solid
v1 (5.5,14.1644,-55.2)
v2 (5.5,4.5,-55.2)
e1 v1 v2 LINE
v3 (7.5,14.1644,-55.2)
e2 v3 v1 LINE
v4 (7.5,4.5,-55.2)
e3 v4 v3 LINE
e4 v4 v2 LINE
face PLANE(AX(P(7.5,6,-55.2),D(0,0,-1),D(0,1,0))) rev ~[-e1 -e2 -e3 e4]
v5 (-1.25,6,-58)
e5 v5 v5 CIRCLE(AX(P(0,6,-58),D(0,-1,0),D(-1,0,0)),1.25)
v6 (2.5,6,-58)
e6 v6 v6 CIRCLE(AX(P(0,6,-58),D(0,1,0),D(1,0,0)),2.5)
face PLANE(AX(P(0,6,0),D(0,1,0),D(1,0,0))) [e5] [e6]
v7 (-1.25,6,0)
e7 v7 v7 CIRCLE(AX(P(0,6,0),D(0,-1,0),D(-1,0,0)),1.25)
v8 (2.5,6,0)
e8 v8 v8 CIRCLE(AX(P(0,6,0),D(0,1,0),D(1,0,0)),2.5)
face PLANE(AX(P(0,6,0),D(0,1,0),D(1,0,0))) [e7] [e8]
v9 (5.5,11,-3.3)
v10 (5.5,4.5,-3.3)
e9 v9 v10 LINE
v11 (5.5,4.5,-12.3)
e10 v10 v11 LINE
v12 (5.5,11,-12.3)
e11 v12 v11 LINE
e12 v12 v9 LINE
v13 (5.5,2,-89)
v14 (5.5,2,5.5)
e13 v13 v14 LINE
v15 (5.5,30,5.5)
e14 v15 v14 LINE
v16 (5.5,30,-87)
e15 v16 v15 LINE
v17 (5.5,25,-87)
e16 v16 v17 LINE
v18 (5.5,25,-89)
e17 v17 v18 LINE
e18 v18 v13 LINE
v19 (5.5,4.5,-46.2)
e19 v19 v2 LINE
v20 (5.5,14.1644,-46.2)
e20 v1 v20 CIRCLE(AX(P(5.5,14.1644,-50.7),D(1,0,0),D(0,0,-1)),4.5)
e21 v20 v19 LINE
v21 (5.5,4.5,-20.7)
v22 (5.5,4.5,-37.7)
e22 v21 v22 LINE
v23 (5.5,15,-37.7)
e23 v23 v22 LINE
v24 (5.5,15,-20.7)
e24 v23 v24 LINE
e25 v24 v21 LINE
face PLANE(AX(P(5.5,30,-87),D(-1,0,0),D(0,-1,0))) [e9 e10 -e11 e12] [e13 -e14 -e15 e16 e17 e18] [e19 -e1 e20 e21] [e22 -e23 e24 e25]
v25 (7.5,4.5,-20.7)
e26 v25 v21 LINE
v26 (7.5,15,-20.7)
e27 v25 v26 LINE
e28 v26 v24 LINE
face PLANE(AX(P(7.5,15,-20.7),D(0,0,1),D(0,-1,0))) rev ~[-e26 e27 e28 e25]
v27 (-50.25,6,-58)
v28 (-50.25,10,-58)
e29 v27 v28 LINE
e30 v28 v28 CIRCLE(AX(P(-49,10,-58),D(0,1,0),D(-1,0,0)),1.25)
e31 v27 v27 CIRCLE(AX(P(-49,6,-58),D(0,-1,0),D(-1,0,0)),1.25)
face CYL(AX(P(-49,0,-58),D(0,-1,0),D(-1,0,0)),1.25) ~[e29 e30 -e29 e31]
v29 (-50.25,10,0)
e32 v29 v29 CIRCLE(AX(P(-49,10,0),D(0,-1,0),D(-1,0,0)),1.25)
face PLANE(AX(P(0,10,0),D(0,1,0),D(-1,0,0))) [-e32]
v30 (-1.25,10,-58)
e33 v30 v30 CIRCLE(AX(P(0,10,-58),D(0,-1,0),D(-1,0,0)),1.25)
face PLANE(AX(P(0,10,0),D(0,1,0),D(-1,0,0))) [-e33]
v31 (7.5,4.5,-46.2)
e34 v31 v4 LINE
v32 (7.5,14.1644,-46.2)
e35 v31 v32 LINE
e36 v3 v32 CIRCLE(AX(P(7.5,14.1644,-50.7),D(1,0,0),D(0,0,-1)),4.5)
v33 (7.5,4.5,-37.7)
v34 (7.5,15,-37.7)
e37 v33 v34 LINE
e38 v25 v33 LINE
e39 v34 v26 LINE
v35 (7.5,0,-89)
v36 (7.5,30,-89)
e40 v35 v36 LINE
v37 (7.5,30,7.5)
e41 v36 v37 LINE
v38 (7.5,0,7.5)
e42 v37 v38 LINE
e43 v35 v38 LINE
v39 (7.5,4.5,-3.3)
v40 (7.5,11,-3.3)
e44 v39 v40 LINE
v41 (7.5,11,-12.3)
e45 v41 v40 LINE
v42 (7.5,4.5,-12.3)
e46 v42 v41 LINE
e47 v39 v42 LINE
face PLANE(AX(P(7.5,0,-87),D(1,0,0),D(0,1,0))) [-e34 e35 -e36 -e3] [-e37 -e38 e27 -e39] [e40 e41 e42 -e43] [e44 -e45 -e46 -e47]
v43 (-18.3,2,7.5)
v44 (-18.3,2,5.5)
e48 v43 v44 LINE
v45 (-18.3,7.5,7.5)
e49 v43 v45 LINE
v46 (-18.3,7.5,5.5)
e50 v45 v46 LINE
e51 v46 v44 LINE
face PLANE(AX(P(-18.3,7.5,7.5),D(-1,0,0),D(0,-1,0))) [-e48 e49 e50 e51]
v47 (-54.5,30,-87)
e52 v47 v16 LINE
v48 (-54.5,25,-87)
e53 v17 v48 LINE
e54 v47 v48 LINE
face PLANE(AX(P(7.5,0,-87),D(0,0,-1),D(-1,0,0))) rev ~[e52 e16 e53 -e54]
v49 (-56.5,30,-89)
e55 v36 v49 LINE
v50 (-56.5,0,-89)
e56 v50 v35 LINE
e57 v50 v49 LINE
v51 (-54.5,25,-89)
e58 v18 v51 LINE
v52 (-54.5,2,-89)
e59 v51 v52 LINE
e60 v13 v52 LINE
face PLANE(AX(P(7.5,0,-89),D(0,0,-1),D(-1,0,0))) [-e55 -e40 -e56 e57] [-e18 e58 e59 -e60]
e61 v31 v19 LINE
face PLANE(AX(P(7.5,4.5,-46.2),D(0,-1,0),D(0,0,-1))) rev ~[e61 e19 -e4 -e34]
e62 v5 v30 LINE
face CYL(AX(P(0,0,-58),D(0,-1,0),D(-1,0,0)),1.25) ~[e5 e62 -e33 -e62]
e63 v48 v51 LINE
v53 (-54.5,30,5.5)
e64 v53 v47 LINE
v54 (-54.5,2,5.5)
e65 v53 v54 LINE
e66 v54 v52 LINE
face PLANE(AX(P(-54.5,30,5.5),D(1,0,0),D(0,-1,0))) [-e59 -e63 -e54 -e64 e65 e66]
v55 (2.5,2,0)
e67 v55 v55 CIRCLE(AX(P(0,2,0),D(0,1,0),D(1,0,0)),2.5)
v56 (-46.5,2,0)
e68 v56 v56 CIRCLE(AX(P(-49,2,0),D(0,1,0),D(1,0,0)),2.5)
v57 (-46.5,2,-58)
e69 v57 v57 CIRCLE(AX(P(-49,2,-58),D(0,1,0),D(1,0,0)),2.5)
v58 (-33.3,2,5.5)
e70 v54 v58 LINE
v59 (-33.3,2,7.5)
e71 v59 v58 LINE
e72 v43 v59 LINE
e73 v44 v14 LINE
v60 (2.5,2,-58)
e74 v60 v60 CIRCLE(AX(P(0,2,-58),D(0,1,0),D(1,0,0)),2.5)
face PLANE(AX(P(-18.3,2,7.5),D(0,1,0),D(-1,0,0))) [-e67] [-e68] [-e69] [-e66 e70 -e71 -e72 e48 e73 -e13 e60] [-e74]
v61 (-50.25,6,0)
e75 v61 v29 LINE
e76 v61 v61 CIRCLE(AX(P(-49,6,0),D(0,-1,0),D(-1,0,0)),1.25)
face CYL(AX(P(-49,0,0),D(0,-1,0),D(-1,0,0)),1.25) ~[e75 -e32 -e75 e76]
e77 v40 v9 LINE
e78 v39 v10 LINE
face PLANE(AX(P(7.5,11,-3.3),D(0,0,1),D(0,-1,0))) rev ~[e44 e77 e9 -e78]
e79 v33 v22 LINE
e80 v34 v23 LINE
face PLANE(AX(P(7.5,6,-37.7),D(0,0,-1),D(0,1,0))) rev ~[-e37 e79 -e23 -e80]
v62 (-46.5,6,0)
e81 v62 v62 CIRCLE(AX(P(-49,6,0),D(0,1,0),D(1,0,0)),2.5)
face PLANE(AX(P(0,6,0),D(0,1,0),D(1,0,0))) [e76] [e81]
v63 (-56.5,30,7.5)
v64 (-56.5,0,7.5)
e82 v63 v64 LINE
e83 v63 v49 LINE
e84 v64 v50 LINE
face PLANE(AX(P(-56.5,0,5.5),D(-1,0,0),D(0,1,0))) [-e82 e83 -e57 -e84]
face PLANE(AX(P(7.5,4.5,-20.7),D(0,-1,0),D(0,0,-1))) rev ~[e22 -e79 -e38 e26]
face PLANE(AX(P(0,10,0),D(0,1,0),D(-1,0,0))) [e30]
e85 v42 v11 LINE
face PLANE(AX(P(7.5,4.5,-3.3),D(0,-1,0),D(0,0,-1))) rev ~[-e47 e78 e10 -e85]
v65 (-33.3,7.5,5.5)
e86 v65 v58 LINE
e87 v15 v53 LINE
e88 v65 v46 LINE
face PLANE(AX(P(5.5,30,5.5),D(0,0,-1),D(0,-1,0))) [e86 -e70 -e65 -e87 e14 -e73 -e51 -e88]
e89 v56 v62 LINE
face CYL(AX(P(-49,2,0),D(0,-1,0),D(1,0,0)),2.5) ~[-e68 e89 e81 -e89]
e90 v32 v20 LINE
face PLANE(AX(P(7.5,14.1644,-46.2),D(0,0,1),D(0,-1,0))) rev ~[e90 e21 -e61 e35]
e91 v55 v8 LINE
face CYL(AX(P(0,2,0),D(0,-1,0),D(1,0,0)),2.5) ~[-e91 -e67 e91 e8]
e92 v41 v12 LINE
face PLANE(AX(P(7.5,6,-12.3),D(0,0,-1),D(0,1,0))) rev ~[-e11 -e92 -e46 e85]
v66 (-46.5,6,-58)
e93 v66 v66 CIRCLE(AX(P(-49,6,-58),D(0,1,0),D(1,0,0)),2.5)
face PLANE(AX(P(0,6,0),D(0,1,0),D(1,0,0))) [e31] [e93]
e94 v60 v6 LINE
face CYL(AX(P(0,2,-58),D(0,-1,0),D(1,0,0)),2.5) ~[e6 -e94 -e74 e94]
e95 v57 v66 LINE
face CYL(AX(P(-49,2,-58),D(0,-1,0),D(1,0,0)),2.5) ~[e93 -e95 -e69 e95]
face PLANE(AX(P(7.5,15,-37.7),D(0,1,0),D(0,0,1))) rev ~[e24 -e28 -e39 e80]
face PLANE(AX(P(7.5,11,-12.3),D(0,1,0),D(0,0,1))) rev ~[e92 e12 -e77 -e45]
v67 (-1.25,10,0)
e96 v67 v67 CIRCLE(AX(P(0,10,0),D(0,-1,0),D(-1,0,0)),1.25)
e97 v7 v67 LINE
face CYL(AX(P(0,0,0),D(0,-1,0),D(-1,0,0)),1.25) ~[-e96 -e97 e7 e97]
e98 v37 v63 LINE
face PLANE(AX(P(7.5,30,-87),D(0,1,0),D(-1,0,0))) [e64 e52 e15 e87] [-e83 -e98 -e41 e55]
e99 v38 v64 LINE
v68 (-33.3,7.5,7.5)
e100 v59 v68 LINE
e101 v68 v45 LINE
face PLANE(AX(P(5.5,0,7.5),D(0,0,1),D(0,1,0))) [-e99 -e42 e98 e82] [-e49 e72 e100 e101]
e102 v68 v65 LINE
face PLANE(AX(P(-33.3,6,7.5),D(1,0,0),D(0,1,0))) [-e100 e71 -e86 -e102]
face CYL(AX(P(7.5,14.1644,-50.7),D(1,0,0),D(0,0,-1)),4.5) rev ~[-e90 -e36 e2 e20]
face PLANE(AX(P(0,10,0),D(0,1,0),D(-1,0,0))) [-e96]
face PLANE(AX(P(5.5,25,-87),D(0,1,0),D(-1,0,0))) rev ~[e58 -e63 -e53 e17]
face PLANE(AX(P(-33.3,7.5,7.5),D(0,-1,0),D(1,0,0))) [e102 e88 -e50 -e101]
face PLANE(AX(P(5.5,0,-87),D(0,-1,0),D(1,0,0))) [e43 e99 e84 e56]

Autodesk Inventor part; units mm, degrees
sketch "Sketch1" plane through (0, 0, 0) normal (0, 1, 0) x (-1, 0, 0)
  point P0 (0, 0)
sketch "Sketch2" plane through (0, 0, 0) normal (0, 1, 0) x (-1, 0, 0)
  circle A0 centre (0, 0) radius 1.25
  line L0 (60.55, 0) -> (-11.55, 0) projected
  line L1 (0, -71.35) -> (0, 13.35) projected
  circle A1 centre (49, 0) radius 1.25
  circle A2 centre (0, -58) radius 1.25
  circle A3 centre (49, -58) radius 1.25
  dimension "d0" = 2.5
  dimension "d3" = 49
  dimension "d6" = 58
extrude "Extrusion1" add sketch "Sketch2" along normal blind 10
sketch "Sketch3" plane through (0, 0, 0) normal (0, 1, 0) x (-1, 0, 0)
  line L0 (52.5, 3.5) -> (-3.5, 3.5)
  line L1 (-3.5, 3.5) -> (-3.5, -85)
  line L2 (-3.5, -85) -> (52.5, -85)
  line L3 (52.5, -85) -> (52.5, 3.5)
  circle A0 centre (49, 0) radius 1.25 projected
  circle A1 centre (49, -58) radius 1.25 projected
  circle A2 centre (0, 0) radius 1.25 projected
  circle A3 centre (0, -58) radius 1.25 projected
  line L4 (54.5, 5.5) -> (-5.5, 5.5)
  line L5 (-5.5, 5.5) -> (-5.5, -87)
  line L6 (-5.5, -87) -> (54.5, -87)
  line L7 (54.5, -87) -> (54.5, 5.5)
  dimension "d11" = 3.5
  dimension "d12" = 27
  dimension "d13" = 3.5
  dimension "d14" = 3.5
  dimension "d15" = 2
extrude "Extrusion2" add sketch "Sketch3" along normal blind 2 contours L3 L2 L1 L0 | L7 L6 L5 L4
sketch "Sketch5" plane through (0, 0, 0) normal (0, 0, 1) x (1, 0, 0)
  line L0 (-54.5, 0) -> (5.5, 0) projected
  line L1 (5.5, 0) -> (5.5, 2) projected
  line L2 (-54.5, 2) -> (5.5, 2) projected
  line L3 (-54.5, 0) -> (-54.5, 2) projected
  line L4 (5.5, 0) -> (7.5, 0)
  line L5 (7.5, 0) -> (7.5, 30)
  line L6 (7.5, 30) -> (5.5, 30)
  line L7 (5.5, 30) -> (5.5, 0)
  point P0 (0, 0)
  dimension "d18" = 2
  dimension "d19" = 30
sketch3d "3D Sketch1"
sketch3d "3D Sketch2"
  line L0 (5.5, 2, -87) -> (5.5, 2, 5.5)
  line L1 (5.5, 2, 5.5) -> (-54.5, 2, 5.5)
  line L2 (-54.5, 2, 5.5) -> (-54.5, 2, -87)
sweep "Sweep2" add profiles "Sketch5" path "3D Sketch2" contours L1 L7 L6 L5 L4
sketch "Sketch6" plane through (7.5, 0, -87) normal (0, 0, -1) x (-1, 0, 0)
  line L0 (2, 30) -> (62, 30)
  line L1 (2, 30) -> (2, 2) projected
  line L2 (2, 25) -> (62, 25)
  line L3 (62, 30) -> (62, 2) projected
  line L4 (2, 25) -> (2, 2)
  line L5 (2, 2) -> (62, 2)
  line L6 (2, 2) -> (62, 2) projected
  line L7 (62, 25) -> (62, 2)
  line L8 (0, 0) -> (0, 30) projected
  line L9 (0, 30) -> (2, 30) projected
  line L10 (64, 0) -> (0, 0) projected
  line L11 (64, 0) -> (64, 30) projected
  line L12 (64, 30) -> (62, 30) projected
  point P0 (7.5, 0)
  dimension "d25" = 5
extrude "Extrusion3" add sketch "Sketch6" along normal blind 2 contours L0 L3 L2 L1 | L1 L5 L3 L12 L11 L10 L8 L9
sketch "Sketch8" plane through (-56.5, 30, 7.5) normal (0, 0, 1) x (1, 0, 0)
  line L0 (64, -30) -> (0, -30) projected
  line L1 (0, -30) -> (0, 0) projected
  line L2 (64, -30) -> (64, 0) projected
  point P0 (56.5, -30)
  point P1 (20, -30)
sketch "Sketch9" plane through (0, 2, 0) normal (0, 1, 0) x (1, 0, 0)
  circle A0 centre (0, 0) radius 1.25 projected
  circle A1 centre (0, 0) radius 1.25 projected
  circle A2 centre (-49, 0) radius 1.25 projected
  circle A3 centre (-49, 0) radius 1.25 projected
  circle A4 centre (-49, 58) radius 1.25 projected
  circle A5 centre (-49, 58) radius 1.25 projected
  circle A6 centre (0, 58) radius 1.25 projected
  circle A7 centre (0, 58) radius 1.25 projected
  circle A8 centre (0, 58) radius 1.25 projected
  circle A9 centre (0, 0) radius 2.5
  circle A10 centre (-49, 0) radius 1.25 projected
  circle A11 centre (-49, 0) radius 2.5
  circle A12 centre (0, 58) radius 2.5
  circle A13 centre (-49, 58) radius 2.5
  dimension "d44" = 5
  dimension "d45" = 5
  dimension "d46" = 5
  dimension "d47" = 5
extrude "Extrusion6" add sketch "Sketch9" along normal blind 4
sketch "Sketch11" plane through (7.5, 0, 7.5) normal (1, 0, 0) x (0, 0, -1)
  line L0 (7.5, -6) -> (7.5, 36) projected
  point P0 (7.5, 0)
ref_plane "Work Plane1" through (0, 2, 2.5) normal (0, 0, 1) x (1, 0, 0)
ref_plane "Work Plane2" through (0, 2, 2.8) normal (0, 0, 1) x (1, 0, 0)
sketch "Sketch12" plane through (7.5, 0, 7.5) normal (1, 0, 0) x (0, 0, -1)
  line L0 (7.5, -6) -> (7.5, 36) projected
  line L1 (4.7, -6) -> (4.7, 36) projected
  line L2 (13.1008, 0) -> (18.181, 0)
  line L3 (96.5, 0) -> (0, 0) projected
  point P0 (7.5, 0)
  dimension "d51" = 0
ref_plane "Work Plane3" through (-49, 6, -58) normal (0, 1, 0) x (1, 0, 0)
sketch "Sketch13" plane through (7.5, 0, 7.5) normal (1, 0, 0) x (0, 0, -1)
  line L0 (-19.3, 6) -> (115.8, 6) projected
  line L1 (10.8, 4.5) -> (19.8, 4.5)
  line L2 (19.8, 4.5) -> (19.8, 11)
  line L3 (19.8, 11) -> (10.8, 11)
  line L4 (10.8, 11) -> (10.8, 4.5)
  line L5 (28.2, 4.5) -> (45.2, 4.5)
  line L6 (45.2, 4.5) -> (45.2, 15)
  line L7 (45.2, 15) -> (28.2, 15)
  line L8 (28.2, 15) -> (28.2, 4.5)
  line L9 (4.7, -6) -> (4.7, 36) projected
  line L10 (53.7, 4.5) -> (62.7, 4.5)
  line L11 (62.7, 4.5) -> (62.7, 14.1644)
  line L12 (53.7, 14.1644) -> (53.7, 4.5)
  arc A0 (62.7, 14.1644) -> (53.7, 14.1644) centre (58.2, 14.1644) ccw
  point P0 (7.5, 0)
  point P1 (15.3, 11)
  point P2 (36.7, 15)
  dimension "d54" = 1.5
  dimension "d55" = 9
  dimension "d57" = 10.6
  dimension "d58" = 32
  dimension "d60" = 17
  dimension "d61" = 1.5
  dimension "d63" = 9
  dimension "d64" = 53.5
  dimension "d65" = 1.5
  dimension "d66" = 9
  dimension "d67" = 5
extrude "Extrusion7" cut sketch "Sketch13" against normal up to surface (2 mm away)
ref_plane "Work Plane5" through (2.7, 2, 0) normal (-1, 0, 0) x (0, -1, 0)
ref_plane "Work Plane4" through (2.5, 2, 0) normal (-1, 0, 0) x (0, -1, 0)
sketch "Sketch15" plane through (-56.5, 30, 7.5) normal (0, 0, 1) x (1, 0, 0)
  line L0 (59.2, -36) -> (59.2, 6) projected
  line L1 (-12.8, -24) -> (76.8, -24) projected
  line L2 (23.2, -22.5) -> (38.2, -22.5)
  line L3 (38.2, -22.5) -> (38.2, -28)
  line L4 (38.2, -28) -> (23.2, -28)
  line L5 (23.2, -28) -> (23.2, -22.5)
  point P0 (56.5, -30)
  dimension "d71" = 21
  dimension "d72" = 36
  dimension "d73" = 4
  dimension "d74" = 1.5
extrude "Extrusion8" cut sketch "Sketch15" against normal up to surface (2 mm away)
properties part number "PI_Skal"
